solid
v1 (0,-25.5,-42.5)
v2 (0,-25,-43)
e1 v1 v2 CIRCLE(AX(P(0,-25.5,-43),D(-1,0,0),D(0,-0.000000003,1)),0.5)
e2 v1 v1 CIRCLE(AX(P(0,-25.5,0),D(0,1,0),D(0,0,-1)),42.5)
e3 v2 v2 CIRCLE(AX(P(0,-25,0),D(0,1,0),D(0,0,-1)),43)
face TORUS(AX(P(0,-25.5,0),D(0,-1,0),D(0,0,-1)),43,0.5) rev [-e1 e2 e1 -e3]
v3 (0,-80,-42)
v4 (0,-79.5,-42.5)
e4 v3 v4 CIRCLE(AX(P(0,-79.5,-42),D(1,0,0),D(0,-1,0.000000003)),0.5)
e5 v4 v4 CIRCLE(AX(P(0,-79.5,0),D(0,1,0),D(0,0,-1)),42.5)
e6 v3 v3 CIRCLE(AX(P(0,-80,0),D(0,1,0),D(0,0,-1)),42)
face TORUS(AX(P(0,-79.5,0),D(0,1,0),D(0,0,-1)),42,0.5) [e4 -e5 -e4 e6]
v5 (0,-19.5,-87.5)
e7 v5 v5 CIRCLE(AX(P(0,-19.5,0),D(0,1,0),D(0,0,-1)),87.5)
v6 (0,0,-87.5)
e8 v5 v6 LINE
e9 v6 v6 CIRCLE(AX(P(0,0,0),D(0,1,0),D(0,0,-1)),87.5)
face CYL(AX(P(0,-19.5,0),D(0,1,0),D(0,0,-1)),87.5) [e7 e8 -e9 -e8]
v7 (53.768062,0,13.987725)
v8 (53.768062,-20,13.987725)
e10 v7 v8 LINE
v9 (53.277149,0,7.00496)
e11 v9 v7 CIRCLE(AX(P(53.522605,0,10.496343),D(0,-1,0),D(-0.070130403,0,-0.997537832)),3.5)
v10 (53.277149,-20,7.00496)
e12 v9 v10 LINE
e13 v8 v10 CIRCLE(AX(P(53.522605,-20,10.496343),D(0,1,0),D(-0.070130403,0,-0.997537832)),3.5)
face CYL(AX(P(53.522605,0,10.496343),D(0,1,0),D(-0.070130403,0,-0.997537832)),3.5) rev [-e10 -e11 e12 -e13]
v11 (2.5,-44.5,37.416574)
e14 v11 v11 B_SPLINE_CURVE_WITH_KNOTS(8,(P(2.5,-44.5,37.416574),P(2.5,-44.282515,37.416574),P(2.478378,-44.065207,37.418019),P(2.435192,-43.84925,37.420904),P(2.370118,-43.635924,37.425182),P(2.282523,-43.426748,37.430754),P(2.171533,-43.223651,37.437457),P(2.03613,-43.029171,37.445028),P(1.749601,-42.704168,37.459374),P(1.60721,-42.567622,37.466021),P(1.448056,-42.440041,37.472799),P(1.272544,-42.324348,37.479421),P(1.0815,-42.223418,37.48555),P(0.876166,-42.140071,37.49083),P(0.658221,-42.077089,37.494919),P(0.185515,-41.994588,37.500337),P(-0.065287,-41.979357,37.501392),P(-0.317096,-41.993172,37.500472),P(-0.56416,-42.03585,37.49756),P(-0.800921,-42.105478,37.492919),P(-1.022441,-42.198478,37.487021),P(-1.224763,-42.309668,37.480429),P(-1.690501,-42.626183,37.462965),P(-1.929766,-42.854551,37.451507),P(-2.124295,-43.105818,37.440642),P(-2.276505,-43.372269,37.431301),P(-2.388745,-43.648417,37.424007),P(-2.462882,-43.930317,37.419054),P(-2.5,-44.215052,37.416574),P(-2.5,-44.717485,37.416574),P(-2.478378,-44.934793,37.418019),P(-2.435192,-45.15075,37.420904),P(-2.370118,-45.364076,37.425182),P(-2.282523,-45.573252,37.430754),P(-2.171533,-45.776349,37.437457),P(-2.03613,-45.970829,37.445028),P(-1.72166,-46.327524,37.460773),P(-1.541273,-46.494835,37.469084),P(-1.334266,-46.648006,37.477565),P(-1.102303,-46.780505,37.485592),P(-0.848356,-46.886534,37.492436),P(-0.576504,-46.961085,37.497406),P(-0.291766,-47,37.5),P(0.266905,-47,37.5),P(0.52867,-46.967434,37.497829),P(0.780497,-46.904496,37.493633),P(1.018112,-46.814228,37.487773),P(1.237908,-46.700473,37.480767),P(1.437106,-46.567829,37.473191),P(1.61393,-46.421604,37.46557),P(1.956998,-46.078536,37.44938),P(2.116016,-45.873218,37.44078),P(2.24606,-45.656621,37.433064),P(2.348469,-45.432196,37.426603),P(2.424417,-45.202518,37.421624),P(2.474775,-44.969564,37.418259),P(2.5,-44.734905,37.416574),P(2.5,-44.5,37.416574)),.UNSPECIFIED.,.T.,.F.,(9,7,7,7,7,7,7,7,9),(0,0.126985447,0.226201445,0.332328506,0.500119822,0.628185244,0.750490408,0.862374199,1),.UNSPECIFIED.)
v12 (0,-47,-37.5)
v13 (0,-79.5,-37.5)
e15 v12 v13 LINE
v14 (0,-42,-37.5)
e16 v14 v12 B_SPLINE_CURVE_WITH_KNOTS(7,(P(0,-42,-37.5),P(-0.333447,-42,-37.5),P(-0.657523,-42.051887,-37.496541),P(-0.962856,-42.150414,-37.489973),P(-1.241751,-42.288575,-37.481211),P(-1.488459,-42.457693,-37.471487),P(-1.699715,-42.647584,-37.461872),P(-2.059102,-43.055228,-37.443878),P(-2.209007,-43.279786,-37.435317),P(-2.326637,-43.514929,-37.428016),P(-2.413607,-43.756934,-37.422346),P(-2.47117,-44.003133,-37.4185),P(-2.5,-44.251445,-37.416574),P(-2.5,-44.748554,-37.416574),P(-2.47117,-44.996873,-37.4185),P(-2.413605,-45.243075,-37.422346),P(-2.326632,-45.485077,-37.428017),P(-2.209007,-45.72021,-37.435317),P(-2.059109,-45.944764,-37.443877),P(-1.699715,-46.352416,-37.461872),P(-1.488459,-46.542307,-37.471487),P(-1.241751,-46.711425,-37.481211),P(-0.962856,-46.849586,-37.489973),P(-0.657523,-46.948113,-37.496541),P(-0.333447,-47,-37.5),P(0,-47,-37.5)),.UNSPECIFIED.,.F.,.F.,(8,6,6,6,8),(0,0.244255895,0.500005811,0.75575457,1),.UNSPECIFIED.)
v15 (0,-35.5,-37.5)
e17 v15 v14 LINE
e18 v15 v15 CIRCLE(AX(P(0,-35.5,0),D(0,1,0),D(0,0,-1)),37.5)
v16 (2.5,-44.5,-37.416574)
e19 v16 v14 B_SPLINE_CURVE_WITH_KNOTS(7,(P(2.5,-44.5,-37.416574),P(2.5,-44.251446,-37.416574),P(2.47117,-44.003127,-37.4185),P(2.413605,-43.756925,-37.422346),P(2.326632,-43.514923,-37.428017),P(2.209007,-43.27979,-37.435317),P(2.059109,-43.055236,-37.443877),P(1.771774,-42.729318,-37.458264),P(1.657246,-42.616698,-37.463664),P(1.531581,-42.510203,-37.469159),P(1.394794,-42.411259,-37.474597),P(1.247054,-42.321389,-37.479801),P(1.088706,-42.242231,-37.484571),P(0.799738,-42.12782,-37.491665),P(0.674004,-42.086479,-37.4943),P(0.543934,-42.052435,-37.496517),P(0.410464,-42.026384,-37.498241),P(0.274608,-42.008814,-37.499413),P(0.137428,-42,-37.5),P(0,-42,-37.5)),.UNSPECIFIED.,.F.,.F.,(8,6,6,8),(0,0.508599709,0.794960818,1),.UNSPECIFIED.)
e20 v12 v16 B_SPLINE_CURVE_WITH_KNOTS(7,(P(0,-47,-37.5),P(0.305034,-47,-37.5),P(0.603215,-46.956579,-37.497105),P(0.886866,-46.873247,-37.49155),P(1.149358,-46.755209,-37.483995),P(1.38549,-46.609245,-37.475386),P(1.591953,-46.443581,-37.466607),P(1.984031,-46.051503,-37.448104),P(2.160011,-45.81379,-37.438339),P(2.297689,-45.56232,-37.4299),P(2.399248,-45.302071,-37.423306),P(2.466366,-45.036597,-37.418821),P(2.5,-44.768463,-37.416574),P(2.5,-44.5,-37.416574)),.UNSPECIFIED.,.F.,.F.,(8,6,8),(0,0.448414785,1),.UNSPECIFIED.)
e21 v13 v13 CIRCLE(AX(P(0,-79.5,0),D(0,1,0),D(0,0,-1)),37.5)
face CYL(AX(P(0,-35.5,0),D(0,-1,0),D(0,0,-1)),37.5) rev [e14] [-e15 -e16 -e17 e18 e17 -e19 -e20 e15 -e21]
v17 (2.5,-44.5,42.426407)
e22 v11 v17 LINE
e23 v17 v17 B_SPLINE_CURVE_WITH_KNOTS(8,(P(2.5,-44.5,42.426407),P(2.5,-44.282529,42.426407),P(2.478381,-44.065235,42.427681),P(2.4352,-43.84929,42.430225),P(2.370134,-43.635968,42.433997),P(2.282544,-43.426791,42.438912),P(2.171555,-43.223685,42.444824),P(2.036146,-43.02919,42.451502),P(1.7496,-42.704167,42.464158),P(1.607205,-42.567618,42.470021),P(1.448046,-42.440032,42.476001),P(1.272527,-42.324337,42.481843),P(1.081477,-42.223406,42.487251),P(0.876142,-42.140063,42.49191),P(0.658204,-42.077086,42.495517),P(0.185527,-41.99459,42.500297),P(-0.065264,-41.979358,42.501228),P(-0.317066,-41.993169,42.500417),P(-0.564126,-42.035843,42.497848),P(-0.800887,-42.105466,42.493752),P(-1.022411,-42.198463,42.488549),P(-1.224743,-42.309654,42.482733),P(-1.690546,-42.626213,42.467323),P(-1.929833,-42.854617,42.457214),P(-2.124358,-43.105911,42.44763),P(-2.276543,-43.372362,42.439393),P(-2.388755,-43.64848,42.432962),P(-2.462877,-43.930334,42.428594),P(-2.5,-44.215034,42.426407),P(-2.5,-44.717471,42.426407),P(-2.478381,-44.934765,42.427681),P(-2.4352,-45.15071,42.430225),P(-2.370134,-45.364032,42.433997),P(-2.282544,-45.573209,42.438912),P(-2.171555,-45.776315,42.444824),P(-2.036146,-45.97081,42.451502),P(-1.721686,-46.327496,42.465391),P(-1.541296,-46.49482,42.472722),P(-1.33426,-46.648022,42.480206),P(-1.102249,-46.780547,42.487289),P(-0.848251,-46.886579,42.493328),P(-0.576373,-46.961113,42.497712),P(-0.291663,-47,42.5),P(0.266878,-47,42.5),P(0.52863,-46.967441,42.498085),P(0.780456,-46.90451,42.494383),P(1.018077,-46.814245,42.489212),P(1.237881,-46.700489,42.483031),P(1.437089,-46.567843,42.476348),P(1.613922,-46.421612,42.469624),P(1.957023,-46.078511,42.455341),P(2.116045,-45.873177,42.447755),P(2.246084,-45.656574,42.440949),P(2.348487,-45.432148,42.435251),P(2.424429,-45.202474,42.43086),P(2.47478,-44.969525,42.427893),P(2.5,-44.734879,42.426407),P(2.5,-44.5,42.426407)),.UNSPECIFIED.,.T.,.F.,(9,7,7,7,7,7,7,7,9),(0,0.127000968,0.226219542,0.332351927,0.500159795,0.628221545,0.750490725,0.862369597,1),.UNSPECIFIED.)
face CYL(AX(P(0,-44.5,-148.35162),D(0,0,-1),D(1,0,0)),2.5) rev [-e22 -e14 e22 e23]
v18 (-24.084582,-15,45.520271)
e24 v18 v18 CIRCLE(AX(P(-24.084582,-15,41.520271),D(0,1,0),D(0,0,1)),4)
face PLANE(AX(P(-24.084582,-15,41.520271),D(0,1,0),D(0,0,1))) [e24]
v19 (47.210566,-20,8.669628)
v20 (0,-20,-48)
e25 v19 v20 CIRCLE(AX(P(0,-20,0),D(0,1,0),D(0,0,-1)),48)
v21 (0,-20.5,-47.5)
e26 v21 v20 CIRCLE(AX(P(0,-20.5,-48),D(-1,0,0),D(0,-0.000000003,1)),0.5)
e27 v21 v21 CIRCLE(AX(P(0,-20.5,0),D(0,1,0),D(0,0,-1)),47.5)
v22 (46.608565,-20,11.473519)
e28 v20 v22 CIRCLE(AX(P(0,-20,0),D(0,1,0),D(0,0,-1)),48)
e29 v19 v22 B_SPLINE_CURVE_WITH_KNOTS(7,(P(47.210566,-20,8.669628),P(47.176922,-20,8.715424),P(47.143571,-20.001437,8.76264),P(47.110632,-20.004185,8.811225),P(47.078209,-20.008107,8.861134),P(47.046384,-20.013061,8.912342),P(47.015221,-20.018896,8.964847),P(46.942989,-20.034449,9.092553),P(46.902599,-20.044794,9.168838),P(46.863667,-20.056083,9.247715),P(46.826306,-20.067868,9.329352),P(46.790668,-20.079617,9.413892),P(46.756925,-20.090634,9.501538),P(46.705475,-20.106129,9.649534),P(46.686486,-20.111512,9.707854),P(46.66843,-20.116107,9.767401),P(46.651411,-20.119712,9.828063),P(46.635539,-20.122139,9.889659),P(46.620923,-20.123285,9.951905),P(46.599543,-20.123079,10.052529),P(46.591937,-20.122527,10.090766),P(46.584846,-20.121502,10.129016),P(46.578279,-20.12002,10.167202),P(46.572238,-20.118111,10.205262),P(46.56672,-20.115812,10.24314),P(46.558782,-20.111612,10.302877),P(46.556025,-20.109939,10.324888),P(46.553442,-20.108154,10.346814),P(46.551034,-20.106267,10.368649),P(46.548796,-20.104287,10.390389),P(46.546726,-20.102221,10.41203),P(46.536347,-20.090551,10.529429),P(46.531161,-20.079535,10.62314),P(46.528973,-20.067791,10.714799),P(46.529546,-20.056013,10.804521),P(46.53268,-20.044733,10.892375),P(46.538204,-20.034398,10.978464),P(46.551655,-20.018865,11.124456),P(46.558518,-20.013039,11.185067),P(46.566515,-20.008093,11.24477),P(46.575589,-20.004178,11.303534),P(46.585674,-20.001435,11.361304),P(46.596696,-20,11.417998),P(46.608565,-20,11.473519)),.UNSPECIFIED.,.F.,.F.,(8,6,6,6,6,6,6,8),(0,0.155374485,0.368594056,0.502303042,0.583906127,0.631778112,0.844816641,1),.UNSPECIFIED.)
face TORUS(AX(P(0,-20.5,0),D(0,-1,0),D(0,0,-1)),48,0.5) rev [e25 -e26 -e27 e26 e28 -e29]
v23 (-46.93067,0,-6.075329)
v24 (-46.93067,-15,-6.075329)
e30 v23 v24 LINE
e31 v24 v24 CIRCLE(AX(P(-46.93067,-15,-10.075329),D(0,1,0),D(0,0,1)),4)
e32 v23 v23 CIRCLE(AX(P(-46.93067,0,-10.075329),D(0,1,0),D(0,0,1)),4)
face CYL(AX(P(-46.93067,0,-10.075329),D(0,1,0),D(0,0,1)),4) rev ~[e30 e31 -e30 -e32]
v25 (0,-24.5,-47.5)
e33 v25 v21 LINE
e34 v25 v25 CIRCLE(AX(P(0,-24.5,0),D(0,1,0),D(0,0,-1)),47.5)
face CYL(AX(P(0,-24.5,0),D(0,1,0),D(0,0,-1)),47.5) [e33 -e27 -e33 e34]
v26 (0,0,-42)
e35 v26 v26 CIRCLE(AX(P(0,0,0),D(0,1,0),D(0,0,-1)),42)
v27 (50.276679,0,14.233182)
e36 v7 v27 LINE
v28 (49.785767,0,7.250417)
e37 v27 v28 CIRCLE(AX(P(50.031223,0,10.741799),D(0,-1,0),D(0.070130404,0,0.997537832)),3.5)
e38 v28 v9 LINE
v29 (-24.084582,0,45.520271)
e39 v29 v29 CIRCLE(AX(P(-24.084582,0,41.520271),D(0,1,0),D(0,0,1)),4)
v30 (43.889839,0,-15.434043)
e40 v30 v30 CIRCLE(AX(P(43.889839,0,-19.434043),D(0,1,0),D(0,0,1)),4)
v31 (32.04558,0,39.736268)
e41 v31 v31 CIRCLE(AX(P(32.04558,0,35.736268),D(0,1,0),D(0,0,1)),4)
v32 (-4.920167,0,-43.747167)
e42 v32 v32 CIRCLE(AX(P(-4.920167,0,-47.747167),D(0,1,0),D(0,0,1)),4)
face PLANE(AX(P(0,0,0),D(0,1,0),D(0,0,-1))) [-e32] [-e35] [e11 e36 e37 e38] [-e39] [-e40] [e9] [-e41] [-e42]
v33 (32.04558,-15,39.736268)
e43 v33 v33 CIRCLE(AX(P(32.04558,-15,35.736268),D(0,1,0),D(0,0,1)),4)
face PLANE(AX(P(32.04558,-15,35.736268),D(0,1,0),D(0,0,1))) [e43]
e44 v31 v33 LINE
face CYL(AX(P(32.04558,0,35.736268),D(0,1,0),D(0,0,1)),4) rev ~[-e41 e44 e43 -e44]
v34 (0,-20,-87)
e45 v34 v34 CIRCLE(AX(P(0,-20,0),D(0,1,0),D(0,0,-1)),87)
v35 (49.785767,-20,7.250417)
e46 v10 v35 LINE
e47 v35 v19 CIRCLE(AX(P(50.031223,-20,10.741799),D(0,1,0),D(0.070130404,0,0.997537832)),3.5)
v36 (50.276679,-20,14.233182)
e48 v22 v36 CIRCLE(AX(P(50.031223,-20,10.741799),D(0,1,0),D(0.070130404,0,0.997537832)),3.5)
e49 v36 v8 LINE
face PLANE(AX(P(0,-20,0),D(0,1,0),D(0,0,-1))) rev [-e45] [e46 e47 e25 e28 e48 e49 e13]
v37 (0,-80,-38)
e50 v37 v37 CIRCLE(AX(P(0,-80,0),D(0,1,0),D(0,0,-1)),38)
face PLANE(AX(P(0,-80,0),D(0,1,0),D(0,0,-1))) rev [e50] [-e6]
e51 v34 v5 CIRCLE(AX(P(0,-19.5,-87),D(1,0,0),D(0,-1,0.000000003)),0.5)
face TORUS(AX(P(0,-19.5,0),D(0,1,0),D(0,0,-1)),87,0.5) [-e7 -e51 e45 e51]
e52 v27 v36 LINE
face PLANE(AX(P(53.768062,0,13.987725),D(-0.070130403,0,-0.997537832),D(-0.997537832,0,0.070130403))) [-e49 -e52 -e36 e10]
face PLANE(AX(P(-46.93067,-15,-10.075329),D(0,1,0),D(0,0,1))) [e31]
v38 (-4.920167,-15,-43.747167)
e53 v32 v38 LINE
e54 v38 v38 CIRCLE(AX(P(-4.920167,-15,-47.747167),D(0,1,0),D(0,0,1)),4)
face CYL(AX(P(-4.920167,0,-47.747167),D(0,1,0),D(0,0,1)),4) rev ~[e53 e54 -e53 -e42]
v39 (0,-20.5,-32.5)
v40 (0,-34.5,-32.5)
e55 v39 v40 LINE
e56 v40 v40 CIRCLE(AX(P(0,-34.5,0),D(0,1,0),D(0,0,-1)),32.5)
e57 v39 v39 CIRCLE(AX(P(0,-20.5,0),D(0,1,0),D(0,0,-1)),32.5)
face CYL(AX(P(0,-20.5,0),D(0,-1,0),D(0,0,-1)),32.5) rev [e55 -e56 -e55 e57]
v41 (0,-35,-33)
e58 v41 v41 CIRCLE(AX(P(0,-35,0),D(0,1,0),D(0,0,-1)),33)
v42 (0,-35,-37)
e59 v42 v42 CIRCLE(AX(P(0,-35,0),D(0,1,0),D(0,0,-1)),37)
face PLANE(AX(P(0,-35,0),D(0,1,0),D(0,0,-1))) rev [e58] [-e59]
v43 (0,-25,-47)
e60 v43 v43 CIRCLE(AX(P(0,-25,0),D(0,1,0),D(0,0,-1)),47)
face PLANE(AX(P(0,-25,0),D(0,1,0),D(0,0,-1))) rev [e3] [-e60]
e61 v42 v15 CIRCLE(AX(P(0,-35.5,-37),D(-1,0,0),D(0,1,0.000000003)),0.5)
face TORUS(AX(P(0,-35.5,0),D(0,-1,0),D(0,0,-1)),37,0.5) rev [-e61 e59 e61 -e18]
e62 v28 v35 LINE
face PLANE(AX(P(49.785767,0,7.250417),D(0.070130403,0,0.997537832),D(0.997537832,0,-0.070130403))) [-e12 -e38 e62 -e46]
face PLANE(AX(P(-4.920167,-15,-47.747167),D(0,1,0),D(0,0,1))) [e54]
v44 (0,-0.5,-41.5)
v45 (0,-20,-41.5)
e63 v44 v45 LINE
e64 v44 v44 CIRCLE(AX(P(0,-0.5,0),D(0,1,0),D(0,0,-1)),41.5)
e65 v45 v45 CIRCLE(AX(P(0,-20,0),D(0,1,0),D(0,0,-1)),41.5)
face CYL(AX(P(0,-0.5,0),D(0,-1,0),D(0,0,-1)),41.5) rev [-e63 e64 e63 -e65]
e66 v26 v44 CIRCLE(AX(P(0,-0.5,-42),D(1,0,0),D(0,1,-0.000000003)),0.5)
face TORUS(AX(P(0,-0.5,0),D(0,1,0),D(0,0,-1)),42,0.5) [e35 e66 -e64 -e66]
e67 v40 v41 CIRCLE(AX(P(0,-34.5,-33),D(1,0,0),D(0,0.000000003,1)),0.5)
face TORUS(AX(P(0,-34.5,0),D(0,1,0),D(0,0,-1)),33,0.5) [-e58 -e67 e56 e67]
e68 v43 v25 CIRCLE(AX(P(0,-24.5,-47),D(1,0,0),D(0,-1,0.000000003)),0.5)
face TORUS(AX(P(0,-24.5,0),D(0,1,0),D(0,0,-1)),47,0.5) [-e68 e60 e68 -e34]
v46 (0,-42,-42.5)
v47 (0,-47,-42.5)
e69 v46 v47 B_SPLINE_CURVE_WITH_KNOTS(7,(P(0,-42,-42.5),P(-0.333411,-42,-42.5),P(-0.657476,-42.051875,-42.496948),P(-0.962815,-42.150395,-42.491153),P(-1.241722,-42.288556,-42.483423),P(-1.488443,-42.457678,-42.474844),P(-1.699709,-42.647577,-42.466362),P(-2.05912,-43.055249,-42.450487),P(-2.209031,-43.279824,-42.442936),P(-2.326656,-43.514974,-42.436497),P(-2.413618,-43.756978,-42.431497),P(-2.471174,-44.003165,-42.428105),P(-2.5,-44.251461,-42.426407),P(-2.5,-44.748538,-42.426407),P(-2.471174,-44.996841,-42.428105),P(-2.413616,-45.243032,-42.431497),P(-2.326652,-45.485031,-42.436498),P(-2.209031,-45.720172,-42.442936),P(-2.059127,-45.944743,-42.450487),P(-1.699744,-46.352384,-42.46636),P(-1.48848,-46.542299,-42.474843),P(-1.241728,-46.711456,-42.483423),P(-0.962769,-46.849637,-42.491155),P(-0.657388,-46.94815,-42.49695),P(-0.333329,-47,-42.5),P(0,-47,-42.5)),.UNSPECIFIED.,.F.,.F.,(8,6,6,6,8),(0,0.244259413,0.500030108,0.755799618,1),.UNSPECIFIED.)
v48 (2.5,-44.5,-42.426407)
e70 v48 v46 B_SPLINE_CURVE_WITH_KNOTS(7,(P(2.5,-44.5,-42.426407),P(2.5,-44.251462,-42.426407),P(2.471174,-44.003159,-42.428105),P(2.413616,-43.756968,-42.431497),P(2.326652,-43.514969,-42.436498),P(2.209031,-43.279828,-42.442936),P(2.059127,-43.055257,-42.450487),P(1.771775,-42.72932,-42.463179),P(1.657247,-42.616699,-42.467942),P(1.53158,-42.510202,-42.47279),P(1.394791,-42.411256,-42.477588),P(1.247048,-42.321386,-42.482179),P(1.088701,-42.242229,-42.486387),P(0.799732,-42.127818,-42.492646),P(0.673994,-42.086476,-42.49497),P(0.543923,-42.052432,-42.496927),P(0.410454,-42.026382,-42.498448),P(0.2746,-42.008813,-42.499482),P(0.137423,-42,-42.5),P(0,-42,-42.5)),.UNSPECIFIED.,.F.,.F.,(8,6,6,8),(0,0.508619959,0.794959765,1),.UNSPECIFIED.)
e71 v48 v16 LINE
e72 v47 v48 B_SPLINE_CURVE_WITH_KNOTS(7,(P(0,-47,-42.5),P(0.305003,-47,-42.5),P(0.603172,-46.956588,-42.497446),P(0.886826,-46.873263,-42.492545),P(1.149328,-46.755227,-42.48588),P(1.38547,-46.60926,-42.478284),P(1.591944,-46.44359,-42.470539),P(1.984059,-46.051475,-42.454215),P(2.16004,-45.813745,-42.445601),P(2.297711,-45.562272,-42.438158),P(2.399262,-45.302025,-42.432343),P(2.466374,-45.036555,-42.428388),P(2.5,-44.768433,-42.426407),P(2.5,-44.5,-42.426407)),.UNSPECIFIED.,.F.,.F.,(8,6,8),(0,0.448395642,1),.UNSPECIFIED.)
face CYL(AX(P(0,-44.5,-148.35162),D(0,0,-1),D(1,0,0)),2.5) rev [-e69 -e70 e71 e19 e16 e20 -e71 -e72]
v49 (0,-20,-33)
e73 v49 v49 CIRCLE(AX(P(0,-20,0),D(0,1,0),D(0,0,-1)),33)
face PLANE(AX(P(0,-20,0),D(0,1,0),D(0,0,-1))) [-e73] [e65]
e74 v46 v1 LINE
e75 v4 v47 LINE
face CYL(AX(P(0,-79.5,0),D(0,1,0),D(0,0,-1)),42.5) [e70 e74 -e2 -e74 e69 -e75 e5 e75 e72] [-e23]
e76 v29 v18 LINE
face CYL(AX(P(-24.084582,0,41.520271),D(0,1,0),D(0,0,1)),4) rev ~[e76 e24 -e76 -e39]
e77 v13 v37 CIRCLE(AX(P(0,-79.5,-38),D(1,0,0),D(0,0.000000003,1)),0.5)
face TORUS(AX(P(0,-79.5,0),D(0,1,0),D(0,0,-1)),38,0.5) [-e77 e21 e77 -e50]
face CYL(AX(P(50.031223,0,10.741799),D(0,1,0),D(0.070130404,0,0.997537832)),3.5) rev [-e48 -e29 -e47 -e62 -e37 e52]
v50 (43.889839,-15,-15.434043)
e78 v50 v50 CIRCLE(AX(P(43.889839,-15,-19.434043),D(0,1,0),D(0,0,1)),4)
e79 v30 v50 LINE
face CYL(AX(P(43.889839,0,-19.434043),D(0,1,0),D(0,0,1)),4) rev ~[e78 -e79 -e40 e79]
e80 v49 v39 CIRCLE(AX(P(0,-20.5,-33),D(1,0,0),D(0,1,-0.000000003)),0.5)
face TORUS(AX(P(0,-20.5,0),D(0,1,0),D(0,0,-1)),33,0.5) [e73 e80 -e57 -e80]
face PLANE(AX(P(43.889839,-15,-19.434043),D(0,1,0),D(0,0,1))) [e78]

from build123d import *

# Parameters (mm, degrees)
CUT_EXTRUDE6_DEPTH      = 148.351620397
CUT_EXTRUDE6_DEPTH_BACK = 148.351620397
SKETCH6_R               = 2.5
SKETCH8_R               = 4
CUT_EXTRUDE8_DEPTH      = 15
CUT_EXTRUDE9_DEPTH      = 148.351620397


with BuildPart() as part:
    # Sketch1 → Revolve1 (revolve)
    with BuildSketch(Plane.XY):
        with BuildLine():
            Line((-87.5, -19.5), (-87.5, 0))
            Line((-87.5, 0), (-42, 0))
            ThreePointArc((-42, 0), (-41.646446609, -0.146446609), (-41.5, -0.5))
            Line((-41.5, -0.5), (-41.5, -20))
            Line((-41.5, -20), (-33, -20))
            ThreePointArc((-33, -20), (-32.646446609, -20.146446609), (-32.5, -20.5))
            Line((-32.5, -20.5), (-32.5, -34.5))
            ThreePointArc((-32.5, -34.5), (-32.646446609, -34.853553391), (-33, -35))
            Line((-33, -35), (-37, -35))
            ThreePointArc((-37, -35), (-37.353553391, -35.146446609), (-37.5, -35.5))
            Line((-37.5, -35.5), (-37.5, -79.5))
            ThreePointArc((-37.5, -79.5), (-37.646446609, -79.853553391), (-38, -80))
            Line((-38, -80), (-42, -80))
            ThreePointArc((-42, -80), (-42.353553391, -79.853553391), (-42.5, -79.5))
            Line((-42.5, -79.5), (-42.5, -25.5))
            ThreePointArc((-42.5, -25.5), (-42.646446609, -25.146446609), (-43, -25))
            Line((-43, -25), (-47, -25))
            ThreePointArc((-47, -25), (-47.353553391, -24.853553391), (-47.5, -24.5))
            Line((-47.5, -24.5), (-47.5, -20.5))
            ThreePointArc((-47.5, -20.5), (-47.646446609, -20.146446609), (-48, -20))
            Line((-48, -20), (-87, -20))
            ThreePointArc((-87, -20), (-87.353553391, -19.853553391), (-87.5, -19.5))
        make_face()
    revolve(axis=Axis((0, -100.5, 0), (0, 1, 0)))

    # Sketch6 → Cut-Extrude6 (cut, two sides: drawn at the far end of the back side and taken through both)
    with BuildSketch(Plane.XY.offset(-CUT_EXTRUDE6_DEPTH_BACK)):
        with Locations((0, -44.5)):
            Circle(SKETCH6_R)
    extrude(amount=CUT_EXTRUDE6_DEPTH + CUT_EXTRUDE6_DEPTH_BACK, mode=Mode.SUBTRACT)

    # Sketch8 → Cut-Extrude8 (cut)
    with BuildSketch(Plane(origin=(0, 0, 0), x_dir=(1, 0, 0), z_dir=(0, 1, 0))):
        with Locations((43.889838941, 19.434043267)):
            Circle(SKETCH8_R)
        with Locations((-4.920167374, 47.747166963)):
            Circle(SKETCH8_R)
        with Locations((-46.930669609, 10.075328782)):
            Circle(SKETCH8_R)
        with Locations((-24.084581559, -41.520271328)):
            Circle(SKETCH8_R)
        with Locations((32.045579601, -35.736267685)):
            Circle(SKETCH8_R)
    extrude(amount=-CUT_EXTRUDE8_DEPTH, mode=Mode.SUBTRACT)

    # Sketch9 → Cut-Extrude9 (cut, through all)
    with BuildSketch(Plane(origin=(0, 0, 0), x_dir=(1, 0, 0), z_dir=(0, 1, 0))):
        with BuildLine():
            Line((53.768061866, -13.987725184), (50.276679454, -14.233181596))
            ThreePointArc((50.276679454, -14.233181596), (46.539840629, -10.987255596), (49.785766629, -7.250416771))
            Line((49.785766629, -7.250416771), (53.277149042, -7.004960359))
            ThreePointArc((53.277149042, -7.004960359), (57.013987866, -10.250886359), (53.768061866, -13.987725184))
        make_face()
    extrude(amount=-CUT_EXTRUDE9_DEPTH, mode=Mode.SUBTRACT)


solid = part.part
